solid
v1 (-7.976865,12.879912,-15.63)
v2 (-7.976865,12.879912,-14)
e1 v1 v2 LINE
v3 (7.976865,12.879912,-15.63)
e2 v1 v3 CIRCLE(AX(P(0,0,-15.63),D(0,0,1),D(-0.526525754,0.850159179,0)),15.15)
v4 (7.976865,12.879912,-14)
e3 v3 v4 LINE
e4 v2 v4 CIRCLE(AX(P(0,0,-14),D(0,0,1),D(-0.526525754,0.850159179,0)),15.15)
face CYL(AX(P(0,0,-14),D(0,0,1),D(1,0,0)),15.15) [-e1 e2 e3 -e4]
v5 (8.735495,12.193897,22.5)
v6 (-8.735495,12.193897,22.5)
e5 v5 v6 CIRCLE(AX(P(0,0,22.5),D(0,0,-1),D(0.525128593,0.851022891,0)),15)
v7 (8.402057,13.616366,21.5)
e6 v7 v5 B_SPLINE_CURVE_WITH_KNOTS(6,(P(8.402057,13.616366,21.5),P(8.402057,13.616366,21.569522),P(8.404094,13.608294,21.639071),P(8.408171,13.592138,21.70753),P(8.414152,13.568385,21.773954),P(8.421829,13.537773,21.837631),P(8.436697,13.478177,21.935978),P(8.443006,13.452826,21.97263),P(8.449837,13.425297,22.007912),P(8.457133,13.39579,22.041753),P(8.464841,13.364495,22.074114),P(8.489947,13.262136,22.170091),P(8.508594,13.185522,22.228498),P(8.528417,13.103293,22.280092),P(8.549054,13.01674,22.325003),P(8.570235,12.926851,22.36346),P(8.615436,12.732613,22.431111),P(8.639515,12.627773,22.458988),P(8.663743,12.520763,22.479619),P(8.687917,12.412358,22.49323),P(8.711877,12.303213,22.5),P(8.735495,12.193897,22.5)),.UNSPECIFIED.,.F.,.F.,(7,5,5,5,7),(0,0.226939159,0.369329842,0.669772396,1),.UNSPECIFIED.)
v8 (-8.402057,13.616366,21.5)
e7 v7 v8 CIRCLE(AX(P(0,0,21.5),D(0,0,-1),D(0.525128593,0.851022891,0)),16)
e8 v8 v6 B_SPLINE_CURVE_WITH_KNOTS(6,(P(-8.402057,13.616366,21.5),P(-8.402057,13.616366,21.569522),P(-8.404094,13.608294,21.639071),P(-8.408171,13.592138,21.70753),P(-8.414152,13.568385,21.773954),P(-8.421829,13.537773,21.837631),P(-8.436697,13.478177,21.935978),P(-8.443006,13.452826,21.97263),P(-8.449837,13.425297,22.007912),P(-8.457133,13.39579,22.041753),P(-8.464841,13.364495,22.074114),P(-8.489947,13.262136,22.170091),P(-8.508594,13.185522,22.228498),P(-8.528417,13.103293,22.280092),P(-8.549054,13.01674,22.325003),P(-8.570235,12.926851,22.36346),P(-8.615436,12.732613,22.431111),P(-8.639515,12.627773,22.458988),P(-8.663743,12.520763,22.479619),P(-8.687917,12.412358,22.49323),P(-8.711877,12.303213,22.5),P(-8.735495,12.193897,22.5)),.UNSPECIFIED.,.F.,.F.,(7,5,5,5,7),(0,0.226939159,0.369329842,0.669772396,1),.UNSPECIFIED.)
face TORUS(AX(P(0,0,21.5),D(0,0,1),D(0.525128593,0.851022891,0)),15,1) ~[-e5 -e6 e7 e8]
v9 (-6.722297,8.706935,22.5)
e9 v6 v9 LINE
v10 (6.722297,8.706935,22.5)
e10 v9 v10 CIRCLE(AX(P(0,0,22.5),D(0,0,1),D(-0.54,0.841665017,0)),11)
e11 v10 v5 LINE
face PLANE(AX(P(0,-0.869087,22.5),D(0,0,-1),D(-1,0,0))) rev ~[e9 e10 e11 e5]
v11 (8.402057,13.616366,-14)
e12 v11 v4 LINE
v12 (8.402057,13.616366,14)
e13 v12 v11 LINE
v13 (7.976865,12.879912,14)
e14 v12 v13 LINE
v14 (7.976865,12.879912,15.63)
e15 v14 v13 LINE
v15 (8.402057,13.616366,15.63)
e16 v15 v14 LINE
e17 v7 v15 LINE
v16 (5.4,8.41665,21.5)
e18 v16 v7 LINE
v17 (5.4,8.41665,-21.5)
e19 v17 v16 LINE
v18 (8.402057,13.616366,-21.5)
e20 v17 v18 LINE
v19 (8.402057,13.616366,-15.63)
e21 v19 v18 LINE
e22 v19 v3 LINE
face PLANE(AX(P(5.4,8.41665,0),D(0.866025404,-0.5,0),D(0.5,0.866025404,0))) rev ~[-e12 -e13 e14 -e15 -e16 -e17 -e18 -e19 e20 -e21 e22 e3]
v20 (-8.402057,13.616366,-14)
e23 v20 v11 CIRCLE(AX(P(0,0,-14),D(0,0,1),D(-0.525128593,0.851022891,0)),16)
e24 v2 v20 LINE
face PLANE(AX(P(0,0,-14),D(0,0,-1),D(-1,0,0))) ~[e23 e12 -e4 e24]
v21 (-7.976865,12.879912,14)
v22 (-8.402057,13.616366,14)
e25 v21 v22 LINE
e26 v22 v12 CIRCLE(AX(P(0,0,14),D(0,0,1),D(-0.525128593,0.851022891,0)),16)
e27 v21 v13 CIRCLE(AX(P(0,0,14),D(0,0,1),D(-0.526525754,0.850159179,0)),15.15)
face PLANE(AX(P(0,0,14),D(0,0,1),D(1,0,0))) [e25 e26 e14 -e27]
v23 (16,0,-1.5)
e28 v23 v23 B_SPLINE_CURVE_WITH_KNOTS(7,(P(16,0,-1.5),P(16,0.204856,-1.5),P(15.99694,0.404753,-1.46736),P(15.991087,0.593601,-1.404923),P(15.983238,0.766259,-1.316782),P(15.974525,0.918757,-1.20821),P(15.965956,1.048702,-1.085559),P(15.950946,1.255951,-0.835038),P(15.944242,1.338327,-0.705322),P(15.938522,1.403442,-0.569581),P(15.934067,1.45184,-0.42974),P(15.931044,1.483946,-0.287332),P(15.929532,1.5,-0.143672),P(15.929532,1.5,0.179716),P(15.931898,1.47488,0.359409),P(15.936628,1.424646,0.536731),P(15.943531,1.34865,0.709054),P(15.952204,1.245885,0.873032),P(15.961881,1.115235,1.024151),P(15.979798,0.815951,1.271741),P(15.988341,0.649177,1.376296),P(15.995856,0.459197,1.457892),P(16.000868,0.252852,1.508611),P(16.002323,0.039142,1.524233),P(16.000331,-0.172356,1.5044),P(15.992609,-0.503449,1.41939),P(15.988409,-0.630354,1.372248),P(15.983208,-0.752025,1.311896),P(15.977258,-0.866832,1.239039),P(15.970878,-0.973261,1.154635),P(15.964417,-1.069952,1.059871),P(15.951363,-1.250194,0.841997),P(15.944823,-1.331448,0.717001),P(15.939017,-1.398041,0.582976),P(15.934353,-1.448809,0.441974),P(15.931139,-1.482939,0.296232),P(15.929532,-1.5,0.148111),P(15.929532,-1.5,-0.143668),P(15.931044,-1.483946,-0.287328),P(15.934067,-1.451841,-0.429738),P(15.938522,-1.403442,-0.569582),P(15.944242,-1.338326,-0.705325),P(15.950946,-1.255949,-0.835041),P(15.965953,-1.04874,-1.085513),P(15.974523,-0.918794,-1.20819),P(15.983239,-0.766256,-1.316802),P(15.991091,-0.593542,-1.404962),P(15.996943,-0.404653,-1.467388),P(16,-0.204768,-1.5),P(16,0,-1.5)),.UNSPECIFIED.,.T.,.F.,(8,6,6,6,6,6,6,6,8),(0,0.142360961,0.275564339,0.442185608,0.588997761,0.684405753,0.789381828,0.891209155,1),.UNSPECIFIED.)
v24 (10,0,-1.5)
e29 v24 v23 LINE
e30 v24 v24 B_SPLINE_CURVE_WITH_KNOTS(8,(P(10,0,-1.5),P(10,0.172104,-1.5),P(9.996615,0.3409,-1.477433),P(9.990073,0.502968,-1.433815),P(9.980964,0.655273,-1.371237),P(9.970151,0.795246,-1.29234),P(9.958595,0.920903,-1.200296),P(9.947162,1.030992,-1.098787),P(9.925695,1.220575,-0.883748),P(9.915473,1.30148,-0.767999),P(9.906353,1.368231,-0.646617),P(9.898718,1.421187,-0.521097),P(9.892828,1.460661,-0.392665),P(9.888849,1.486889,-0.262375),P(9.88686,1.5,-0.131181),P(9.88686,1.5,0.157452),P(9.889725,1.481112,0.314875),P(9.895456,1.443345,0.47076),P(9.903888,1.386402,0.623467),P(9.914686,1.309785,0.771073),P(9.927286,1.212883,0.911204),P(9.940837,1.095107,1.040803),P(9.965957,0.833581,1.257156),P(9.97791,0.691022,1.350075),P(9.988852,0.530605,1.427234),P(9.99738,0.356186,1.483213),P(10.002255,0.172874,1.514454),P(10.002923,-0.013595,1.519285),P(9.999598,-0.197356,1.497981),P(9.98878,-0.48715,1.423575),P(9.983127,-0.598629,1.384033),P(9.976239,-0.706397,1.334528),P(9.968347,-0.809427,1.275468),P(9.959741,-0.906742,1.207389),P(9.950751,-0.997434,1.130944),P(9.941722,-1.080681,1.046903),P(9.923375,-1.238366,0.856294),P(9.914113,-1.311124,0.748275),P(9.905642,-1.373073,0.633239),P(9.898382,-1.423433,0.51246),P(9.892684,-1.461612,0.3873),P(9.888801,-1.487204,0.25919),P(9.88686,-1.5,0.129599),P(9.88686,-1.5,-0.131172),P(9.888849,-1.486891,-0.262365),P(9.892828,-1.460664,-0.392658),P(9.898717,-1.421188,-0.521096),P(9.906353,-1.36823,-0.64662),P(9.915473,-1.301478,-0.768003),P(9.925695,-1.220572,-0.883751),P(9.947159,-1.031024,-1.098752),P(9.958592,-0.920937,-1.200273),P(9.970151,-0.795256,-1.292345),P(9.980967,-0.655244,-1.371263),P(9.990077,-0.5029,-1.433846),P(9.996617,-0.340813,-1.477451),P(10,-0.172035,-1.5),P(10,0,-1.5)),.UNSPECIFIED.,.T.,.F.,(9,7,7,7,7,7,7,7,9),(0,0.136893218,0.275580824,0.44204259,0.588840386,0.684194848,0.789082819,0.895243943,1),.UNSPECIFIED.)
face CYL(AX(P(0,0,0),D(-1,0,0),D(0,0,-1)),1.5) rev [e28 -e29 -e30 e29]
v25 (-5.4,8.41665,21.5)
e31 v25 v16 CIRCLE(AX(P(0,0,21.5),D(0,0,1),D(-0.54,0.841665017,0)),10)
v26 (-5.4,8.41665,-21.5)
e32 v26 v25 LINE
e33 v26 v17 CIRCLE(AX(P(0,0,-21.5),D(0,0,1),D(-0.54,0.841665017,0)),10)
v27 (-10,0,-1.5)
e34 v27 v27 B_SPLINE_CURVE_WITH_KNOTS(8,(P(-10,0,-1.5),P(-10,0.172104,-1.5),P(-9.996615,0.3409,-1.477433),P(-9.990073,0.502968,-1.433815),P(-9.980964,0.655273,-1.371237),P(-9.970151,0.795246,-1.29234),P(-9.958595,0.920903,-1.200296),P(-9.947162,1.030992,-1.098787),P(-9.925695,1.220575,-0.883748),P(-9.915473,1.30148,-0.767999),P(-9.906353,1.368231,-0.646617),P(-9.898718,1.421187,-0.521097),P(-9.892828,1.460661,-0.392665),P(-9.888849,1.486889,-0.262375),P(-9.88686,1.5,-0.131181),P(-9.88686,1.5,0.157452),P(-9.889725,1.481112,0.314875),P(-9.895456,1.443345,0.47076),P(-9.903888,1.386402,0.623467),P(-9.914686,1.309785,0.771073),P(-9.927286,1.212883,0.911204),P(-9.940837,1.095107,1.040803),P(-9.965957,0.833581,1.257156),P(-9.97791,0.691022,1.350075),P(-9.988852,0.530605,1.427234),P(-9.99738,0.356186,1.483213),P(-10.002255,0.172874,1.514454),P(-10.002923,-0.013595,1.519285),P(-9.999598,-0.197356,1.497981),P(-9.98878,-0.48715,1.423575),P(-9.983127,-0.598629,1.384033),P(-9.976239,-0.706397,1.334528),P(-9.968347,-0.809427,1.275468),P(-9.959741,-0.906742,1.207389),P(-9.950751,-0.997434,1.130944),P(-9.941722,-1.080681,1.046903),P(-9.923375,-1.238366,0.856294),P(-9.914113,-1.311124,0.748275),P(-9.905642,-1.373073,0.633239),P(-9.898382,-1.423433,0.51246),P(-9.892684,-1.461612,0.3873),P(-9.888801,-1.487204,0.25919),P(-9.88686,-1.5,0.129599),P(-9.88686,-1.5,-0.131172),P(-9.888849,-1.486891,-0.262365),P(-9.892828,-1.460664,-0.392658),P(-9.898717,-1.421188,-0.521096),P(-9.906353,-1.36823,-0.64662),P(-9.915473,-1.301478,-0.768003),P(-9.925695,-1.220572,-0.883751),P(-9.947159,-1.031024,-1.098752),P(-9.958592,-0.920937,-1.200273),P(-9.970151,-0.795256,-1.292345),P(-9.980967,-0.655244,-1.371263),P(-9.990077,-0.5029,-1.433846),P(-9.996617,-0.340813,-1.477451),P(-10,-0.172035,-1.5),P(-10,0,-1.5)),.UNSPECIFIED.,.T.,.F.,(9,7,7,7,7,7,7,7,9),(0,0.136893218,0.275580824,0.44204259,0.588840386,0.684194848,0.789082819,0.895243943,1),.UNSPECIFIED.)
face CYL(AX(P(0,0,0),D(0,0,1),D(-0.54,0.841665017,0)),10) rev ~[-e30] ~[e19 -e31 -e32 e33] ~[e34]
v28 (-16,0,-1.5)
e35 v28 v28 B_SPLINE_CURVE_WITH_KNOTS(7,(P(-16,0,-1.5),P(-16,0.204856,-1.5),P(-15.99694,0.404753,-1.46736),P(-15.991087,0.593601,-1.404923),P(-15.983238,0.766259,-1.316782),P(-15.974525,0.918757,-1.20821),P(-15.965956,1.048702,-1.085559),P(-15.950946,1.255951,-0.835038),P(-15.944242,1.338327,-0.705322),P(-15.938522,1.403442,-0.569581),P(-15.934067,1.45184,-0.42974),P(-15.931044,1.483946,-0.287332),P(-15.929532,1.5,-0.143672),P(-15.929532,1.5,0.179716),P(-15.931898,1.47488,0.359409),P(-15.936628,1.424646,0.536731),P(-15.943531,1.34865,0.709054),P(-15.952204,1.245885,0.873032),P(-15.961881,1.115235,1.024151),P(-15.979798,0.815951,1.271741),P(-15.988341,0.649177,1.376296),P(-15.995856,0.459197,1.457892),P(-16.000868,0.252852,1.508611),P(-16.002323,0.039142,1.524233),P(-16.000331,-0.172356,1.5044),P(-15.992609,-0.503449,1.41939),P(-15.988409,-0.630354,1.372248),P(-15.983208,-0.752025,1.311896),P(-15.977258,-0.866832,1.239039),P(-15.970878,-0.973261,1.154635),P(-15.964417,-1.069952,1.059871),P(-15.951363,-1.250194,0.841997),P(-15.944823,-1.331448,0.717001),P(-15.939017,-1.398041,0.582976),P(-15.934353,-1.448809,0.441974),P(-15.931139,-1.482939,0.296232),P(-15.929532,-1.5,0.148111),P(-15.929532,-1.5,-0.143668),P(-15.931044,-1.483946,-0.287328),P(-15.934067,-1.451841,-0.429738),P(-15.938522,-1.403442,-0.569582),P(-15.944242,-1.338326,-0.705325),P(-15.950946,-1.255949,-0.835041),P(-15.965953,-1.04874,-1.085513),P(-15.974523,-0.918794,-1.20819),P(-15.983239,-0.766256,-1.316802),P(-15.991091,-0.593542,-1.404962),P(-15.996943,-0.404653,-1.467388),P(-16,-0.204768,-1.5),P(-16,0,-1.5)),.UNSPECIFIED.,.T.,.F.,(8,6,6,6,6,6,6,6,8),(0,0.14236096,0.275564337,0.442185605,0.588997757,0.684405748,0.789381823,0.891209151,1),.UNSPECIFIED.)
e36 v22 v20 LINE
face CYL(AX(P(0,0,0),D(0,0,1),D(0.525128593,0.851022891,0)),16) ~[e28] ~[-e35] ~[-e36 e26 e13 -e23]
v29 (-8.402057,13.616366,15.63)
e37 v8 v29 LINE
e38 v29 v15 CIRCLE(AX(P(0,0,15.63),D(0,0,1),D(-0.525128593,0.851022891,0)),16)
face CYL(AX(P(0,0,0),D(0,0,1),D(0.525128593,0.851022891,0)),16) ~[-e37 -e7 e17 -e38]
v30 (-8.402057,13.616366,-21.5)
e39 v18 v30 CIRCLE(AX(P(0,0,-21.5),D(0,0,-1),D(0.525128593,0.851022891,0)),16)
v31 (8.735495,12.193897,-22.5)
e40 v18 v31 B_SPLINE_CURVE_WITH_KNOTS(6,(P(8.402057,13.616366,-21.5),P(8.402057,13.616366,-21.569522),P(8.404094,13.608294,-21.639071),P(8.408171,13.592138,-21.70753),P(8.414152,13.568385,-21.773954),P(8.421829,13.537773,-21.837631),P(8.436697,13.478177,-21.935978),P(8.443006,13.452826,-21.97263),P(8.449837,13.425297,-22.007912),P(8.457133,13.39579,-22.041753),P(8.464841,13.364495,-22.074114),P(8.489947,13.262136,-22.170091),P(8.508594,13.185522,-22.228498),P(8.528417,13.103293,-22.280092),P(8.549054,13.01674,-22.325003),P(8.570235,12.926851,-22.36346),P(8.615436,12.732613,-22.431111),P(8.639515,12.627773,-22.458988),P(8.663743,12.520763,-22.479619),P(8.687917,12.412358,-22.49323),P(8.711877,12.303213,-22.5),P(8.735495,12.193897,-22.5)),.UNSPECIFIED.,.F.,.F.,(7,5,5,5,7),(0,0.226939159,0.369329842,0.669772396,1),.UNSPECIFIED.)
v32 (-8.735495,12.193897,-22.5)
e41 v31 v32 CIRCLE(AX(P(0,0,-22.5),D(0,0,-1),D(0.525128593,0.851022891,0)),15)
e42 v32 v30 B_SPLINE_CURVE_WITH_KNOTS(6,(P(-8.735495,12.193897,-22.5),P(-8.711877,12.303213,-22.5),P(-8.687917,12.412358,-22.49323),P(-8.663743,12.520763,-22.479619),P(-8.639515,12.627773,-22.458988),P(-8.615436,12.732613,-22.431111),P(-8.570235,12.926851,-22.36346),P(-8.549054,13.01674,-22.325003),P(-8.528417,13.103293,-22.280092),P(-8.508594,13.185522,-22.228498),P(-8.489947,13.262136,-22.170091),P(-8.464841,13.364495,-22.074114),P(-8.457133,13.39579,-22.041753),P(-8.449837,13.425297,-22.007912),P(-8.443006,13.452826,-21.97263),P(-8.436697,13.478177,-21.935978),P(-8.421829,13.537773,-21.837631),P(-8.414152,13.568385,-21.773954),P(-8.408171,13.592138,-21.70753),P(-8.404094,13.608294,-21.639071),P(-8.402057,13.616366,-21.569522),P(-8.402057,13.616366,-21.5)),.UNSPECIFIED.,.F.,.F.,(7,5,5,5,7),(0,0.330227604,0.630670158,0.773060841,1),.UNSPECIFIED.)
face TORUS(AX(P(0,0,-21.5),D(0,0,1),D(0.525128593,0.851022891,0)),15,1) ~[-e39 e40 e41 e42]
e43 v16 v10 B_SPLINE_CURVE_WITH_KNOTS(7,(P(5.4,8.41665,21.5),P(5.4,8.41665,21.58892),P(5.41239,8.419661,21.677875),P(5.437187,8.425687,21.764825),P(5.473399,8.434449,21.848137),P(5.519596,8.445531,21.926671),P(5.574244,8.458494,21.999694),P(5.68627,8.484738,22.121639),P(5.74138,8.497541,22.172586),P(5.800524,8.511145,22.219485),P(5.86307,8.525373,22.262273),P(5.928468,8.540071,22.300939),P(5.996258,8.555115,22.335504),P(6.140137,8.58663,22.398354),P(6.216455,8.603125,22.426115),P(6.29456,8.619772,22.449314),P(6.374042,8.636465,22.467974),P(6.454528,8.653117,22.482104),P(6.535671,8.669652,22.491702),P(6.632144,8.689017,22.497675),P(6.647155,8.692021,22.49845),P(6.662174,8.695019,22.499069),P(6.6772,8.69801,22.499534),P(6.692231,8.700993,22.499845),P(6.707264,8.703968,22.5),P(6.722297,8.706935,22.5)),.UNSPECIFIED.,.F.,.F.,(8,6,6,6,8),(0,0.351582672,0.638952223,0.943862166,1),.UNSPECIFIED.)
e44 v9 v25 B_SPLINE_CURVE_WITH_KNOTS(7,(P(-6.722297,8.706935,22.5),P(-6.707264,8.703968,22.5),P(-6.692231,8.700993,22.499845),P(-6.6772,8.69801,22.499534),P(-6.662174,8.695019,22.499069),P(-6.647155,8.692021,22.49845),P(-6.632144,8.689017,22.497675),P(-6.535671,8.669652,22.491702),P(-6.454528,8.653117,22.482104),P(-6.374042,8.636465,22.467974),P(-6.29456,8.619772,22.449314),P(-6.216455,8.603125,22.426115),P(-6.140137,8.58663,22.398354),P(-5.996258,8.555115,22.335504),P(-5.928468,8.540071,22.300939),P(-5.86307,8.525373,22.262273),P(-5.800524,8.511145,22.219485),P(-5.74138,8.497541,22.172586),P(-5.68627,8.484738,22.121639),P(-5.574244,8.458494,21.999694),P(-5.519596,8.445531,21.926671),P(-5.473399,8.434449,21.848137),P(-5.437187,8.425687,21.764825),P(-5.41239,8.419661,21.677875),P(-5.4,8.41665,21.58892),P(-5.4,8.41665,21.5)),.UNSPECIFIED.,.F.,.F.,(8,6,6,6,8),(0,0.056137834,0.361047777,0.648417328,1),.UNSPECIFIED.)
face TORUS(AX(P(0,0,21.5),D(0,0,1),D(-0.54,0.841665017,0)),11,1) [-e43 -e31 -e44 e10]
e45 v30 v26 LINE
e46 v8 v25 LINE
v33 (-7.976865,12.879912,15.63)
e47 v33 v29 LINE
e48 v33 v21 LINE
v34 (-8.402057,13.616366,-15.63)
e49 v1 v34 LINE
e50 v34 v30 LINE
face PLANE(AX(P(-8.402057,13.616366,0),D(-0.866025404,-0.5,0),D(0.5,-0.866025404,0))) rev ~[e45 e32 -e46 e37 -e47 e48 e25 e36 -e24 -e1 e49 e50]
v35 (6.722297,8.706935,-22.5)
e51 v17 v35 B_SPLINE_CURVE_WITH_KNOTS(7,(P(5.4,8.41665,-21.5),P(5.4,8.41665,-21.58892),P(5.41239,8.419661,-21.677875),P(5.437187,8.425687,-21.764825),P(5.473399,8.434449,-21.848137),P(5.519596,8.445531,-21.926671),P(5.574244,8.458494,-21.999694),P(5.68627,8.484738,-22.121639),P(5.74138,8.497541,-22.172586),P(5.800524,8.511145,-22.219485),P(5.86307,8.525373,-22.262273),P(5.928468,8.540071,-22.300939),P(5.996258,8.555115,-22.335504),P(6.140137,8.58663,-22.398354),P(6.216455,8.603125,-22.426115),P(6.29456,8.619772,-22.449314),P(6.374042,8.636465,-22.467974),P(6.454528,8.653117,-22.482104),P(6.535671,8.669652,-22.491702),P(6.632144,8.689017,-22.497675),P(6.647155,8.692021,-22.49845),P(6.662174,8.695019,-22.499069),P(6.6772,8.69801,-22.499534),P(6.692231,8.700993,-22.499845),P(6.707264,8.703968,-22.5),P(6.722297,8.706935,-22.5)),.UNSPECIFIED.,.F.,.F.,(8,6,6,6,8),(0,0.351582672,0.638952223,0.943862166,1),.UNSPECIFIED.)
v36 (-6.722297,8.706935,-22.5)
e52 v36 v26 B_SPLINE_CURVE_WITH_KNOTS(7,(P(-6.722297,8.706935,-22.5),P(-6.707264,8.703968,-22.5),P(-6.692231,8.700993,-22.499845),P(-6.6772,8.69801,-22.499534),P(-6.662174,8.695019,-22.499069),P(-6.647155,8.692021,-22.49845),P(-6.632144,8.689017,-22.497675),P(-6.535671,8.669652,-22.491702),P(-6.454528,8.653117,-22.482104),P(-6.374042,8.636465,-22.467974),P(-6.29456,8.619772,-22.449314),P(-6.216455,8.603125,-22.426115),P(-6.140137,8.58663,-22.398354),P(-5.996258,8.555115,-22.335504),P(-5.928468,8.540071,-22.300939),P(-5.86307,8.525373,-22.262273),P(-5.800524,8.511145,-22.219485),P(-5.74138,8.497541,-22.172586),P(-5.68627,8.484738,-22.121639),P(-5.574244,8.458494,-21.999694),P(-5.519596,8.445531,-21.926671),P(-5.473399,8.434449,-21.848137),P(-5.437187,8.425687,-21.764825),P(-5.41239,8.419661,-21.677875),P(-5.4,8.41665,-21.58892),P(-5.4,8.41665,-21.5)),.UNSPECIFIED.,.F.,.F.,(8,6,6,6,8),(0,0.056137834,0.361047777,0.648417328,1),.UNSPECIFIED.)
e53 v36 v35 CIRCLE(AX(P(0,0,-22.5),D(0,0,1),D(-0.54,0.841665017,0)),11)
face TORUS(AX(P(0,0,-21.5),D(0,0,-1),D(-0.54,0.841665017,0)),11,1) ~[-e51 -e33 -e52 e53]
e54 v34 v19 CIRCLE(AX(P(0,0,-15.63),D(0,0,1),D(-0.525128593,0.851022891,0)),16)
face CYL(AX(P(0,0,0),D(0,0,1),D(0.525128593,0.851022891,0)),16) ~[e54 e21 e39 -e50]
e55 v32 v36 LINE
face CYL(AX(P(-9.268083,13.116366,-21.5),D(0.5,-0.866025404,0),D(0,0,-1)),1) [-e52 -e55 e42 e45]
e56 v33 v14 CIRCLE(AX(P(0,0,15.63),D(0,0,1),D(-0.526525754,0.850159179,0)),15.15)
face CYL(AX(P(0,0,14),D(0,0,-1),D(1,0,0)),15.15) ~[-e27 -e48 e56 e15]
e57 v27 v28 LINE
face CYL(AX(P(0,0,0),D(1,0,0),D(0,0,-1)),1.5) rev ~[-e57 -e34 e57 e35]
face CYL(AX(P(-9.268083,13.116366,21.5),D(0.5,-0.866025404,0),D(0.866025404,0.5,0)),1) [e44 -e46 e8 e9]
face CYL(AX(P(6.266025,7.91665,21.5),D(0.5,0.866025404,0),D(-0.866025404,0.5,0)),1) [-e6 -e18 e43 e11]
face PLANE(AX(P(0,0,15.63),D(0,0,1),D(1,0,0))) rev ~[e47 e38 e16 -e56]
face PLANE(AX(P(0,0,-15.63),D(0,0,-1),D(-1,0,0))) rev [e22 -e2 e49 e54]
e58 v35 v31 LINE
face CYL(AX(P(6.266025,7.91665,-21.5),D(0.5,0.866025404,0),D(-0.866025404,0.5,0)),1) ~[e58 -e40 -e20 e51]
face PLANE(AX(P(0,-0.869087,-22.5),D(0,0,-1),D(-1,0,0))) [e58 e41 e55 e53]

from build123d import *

# Parameters (mm, degrees)
EXTRUDE1_DEPTH      = 22.5
SKETCH2_R           = 16
SKETCH2_R_2         = 15.15
EXTRUDE2_DEPTH      = 1.63
FILLET1_R           = 1
SKETCH3_R           = 1.5
EXTRUDE3_DEPTH      = 17.0000001
EXTRUDE3_DEPTH_BACK = 17.0000001


with BuildPart() as part:
    # Sketch1 → Extrude1 (new body, symmetric)
    with BuildSketch(Plane.XY):
        with BuildLine():
            Line((5.4, 8.416650165), (8.402057485, 13.616366256))
            ThreePointArc((8.402057485, 13.616366256), (0, -16), (-8.402057485, 13.616366256))
            Line((-8.402057485, 13.616366256), (-5.4, 8.416650165))
            ThreePointArc((-5.4, 8.416650165), (0, -10), (5.4, 8.416650165))
        make_face()
    extrude(amount=EXTRUDE1_DEPTH, both=True)

    # Sketch2 → Extrude2 (cut)
    with BuildSketch(Plane.XY.offset(14)):
        Circle(SKETCH2_R)
        Circle(SKETCH2_R_2, mode=Mode.SUBTRACT)
    extrude2 = extrude(amount=EXTRUDE2_DEPTH, mode=Mode.SUBTRACT)

    # Fillet1
    fillet1_edges = [part.edges().sort_by_distance(p)[0] for p in [
        (0, -16, 22.5),
        (6.901028742, 11.016508211, 22.5),
        (0, -10, 22.5),
        (6.901028742, 11.016508211, -22.5),
        (0, -16, -22.5),
        (-6.901028742, 11.016508211, -22.5),
        (0, -10, -22.5),
        (-6.901028742, 11.016508211, 22.5),
    ]]
    fillet(fillet1_edges, radius=FILLET1_R)

    # Mirror1: Extrude2 across plane
    add(extrude2.mirror(Plane.XY), mode=Mode.SUBTRACT)

    # Sketch3 → Extrude3 (cut, two sides)
    with BuildSketch(Plane(origin=(0, 0, 0), x_dir=(0, 0, -1), z_dir=(1, 0, 0))) as extrude3_sk:
        Circle(SKETCH3_R)
    extrude(amount=EXTRUDE3_DEPTH, mode=Mode.SUBTRACT)
    extrude(extrude3_sk.sketch, amount=-EXTRUDE3_DEPTH_BACK, mode=Mode.SUBTRACT)


solid = part.part
